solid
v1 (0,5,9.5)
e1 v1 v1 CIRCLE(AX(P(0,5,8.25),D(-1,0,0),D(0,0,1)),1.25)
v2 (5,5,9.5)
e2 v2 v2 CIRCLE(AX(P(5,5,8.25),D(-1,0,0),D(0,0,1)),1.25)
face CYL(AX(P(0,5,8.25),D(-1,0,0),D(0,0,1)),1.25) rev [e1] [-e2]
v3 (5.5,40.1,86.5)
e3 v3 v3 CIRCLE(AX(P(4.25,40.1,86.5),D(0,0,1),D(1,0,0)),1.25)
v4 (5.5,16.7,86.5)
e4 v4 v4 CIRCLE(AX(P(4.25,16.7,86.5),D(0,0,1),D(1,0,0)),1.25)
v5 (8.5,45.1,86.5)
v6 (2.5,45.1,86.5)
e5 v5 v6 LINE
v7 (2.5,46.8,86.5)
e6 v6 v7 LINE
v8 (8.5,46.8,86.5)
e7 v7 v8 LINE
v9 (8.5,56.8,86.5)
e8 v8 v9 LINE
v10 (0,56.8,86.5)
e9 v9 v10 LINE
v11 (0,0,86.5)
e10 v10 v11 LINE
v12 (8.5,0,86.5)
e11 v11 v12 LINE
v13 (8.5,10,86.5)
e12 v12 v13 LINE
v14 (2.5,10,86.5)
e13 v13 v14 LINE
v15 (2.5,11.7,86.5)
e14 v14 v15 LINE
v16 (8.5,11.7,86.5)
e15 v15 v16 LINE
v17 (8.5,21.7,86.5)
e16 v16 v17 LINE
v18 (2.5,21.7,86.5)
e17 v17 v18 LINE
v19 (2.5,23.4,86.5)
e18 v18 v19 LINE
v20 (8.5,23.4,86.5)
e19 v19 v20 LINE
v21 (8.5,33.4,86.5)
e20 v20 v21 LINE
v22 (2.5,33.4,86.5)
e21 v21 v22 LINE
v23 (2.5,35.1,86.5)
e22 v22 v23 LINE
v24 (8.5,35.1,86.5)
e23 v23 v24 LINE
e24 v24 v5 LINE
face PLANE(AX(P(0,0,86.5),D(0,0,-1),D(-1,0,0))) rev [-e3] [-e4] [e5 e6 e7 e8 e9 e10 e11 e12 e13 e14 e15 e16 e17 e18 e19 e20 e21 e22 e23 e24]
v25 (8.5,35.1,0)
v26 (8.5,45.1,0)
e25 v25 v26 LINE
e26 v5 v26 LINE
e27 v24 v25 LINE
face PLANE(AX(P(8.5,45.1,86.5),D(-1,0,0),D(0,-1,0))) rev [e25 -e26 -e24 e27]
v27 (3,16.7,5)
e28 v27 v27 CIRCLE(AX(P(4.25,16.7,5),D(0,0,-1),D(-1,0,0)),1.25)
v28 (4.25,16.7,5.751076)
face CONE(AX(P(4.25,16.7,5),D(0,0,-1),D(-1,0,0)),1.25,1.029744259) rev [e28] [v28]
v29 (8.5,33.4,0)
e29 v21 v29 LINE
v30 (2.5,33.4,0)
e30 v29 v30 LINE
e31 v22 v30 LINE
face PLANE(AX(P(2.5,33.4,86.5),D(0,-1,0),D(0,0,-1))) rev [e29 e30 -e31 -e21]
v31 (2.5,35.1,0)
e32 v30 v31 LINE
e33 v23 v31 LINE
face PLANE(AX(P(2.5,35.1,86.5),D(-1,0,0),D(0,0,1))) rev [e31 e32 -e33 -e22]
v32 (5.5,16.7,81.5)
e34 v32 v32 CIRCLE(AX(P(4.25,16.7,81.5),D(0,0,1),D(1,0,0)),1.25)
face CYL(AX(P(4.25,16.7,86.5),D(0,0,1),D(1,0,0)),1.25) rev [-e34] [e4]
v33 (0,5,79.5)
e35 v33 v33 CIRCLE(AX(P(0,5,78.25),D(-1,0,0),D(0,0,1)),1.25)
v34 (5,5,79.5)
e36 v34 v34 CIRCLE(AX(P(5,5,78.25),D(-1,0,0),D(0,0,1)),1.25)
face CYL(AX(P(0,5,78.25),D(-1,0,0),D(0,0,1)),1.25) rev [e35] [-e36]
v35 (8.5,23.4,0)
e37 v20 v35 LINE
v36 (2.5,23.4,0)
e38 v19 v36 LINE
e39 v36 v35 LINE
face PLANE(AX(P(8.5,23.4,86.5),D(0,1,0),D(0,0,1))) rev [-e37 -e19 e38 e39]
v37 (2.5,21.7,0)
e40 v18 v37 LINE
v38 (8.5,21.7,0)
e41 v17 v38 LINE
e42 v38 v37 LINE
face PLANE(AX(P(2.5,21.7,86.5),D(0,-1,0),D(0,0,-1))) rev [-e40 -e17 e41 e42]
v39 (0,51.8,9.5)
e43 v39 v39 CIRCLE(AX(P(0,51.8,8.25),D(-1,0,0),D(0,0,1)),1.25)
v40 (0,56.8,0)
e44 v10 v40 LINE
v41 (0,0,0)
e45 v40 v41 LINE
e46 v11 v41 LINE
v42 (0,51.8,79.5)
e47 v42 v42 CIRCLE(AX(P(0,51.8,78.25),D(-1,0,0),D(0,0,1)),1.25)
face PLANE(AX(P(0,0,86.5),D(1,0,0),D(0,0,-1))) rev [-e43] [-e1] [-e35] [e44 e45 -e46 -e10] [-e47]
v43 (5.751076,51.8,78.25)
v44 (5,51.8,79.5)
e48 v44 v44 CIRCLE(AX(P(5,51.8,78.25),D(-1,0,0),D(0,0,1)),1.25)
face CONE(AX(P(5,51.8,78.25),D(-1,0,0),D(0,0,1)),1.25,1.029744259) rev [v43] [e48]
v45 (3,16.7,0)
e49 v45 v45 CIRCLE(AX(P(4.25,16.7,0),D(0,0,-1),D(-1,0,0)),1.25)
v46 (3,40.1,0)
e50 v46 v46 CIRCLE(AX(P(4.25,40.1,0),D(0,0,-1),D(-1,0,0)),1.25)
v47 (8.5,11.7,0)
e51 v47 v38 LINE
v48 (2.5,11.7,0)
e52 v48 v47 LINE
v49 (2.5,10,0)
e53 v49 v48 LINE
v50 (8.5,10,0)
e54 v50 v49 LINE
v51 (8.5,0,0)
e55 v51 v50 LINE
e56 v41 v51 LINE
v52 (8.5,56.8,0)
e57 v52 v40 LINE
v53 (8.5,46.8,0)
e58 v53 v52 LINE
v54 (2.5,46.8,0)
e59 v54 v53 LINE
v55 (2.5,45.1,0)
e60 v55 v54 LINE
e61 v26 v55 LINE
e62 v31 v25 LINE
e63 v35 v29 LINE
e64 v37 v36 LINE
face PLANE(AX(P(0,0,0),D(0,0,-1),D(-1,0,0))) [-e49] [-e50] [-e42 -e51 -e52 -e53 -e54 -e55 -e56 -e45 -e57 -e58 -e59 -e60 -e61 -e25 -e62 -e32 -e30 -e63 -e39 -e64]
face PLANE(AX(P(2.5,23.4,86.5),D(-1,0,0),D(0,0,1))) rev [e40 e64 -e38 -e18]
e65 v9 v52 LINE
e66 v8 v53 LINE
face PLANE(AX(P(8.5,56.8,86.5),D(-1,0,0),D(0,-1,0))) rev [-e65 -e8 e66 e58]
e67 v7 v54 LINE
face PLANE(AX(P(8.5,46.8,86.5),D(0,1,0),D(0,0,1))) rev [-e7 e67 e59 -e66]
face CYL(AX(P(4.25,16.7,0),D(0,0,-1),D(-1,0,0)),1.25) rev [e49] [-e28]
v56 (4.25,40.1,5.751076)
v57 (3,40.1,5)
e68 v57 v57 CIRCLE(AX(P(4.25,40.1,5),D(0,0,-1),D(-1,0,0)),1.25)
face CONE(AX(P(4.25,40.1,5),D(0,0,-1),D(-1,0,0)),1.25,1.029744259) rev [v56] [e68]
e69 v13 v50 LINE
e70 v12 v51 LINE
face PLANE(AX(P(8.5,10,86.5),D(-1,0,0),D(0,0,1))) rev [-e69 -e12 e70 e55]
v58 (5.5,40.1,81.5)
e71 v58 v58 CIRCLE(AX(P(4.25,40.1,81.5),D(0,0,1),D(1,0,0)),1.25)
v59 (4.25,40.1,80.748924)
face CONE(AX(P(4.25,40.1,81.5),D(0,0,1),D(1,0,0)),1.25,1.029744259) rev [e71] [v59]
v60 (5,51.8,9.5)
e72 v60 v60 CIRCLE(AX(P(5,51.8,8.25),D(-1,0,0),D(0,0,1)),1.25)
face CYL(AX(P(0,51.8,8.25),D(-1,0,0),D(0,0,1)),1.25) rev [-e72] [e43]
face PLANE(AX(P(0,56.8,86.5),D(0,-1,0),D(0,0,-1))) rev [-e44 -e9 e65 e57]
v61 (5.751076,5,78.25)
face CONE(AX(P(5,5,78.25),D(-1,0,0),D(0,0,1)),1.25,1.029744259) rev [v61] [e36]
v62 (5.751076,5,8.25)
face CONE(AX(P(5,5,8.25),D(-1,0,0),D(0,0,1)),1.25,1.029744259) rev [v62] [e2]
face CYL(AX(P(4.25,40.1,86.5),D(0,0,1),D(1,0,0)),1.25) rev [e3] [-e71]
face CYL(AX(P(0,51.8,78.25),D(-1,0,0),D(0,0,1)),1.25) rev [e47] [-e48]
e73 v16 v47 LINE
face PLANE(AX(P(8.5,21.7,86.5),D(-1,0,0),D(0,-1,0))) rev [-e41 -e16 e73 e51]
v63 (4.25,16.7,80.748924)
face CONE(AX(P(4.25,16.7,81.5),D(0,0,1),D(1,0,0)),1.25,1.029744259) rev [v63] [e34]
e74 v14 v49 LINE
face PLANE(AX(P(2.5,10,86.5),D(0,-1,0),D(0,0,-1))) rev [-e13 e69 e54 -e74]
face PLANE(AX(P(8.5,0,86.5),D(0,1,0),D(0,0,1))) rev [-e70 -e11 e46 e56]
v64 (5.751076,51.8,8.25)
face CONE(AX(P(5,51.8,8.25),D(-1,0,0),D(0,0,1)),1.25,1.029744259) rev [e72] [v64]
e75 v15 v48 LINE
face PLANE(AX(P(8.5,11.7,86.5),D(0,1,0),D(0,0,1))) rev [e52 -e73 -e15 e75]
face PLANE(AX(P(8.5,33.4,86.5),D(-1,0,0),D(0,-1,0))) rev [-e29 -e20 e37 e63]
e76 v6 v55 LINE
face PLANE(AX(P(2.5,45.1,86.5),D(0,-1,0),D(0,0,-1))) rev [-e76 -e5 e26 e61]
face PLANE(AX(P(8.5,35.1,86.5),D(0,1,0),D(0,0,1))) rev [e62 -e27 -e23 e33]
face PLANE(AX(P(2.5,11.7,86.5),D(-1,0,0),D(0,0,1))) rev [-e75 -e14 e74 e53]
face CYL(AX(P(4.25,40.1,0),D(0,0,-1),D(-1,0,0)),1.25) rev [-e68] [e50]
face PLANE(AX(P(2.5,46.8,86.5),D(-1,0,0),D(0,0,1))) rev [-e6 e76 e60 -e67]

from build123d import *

# Parameters (mm, degrees)
BOSS_EXTRUDE1_DEPTH            = 86.5
M3X0_5_TAPPED_HOLE2_AT_2_COUNT = 2
M3X0_5_TAPPED_HOLE2_AT_2_PITCH = 23.4
M3X0_5_TAPPED_HOLE1_AT_2_COUNT = 2
M3X0_5_TAPPED_HOLE1_AT_2_PITCH = 46.8


with BuildPart() as part:
    # Sketch1 → Boss-Extrude1 (new body)
    with BuildSketch(Plane.XY):
        Polygon((0, 0), (0, 56.8), (8.5, 56.8), (8.5, 46.8), (2.5, 46.8), (2.5, 45.1), (8.5, 45.1), (8.5, 35.1), (2.5, 35.1), (2.5, 33.4), (8.5, 33.4), (8.5, 23.4), (2.5, 23.4), (2.5, 21.7), (8.5, 21.7), (8.5, 11.7), (2.5, 11.7), (2.5, 10), (8.5, 10), (8.5, 0), align=None)
    extrude(amount=BOSS_EXTRUDE1_DEPTH)

    # Sketch4 → M3x0.5 Tapped Hole2 (revolve, cut)
    with BuildSketch(Plane(origin=(4.25, 40.1, 86.5), x_dir=(0, -1, 0), z_dir=(1, 0, 0))):
        Polygon((0, 0), (0, 5.751075774), (1.25, 5), (1.25, 0), align=None)
    m3x0_5_tapped_hole2 = revolve(axis=Axis((4.25, 40.1, 92.85), (0, 0, -1)), mode=Mode.SUBTRACT)

    # M3x0.5 Tapped Hole2 at 2: M3x0.5 Tapped Hole2 ×2
    with Locations(*[(0, -i * M3X0_5_TAPPED_HOLE2_AT_2_PITCH, 0) for i in range(1, M3X0_5_TAPPED_HOLE2_AT_2_COUNT)]):
        add(m3x0_5_tapped_hole2, mode=Mode.SUBTRACT)

    # Mirror1: M3x0.5 Tapped Hole2 across plane
    add(m3x0_5_tapped_hole2.mirror(Plane.XY.offset(43.25)), mode=Mode.SUBTRACT)

    # Mirror1 copy 1 sketch → Mirror1 copy 1 (revolve, cut)
    with BuildSketch(Plane(origin=(4.25, 16.7, 0), x_dir=(0, -1, 0), z_dir=(1, 0, 0))):
        Polygon((0, 0), (0, -5.751075774), (1.25, -5), (1.25, 0), align=None)
    revolve(axis=Axis((4.25, 16.7, -6.35), (0, 0, -1)), mode=Mode.SUBTRACT)

    # Sketch11 → M3x0.5 Tapped Hole1 (revolve, cut)
    with BuildSketch(Plane(origin=(0, 5, 8.25), x_dir=(0, 0, 1), z_dir=(0, 1, 0))):
        Polygon((0, 0), (0, 5.751075774), (1.25, 5), (1.25, 0), align=None)
    m3x0_5_tapped_hole1 = revolve(axis=Axis((-6.35, 5, 8.25), (1, 0, 0)), mode=Mode.SUBTRACT)

    # M3x0.5 Tapped Hole1 at 2: M3x0.5 Tapped Hole1 ×2
    with Locations(*[(0, i * M3X0_5_TAPPED_HOLE1_AT_2_PITCH, 0) for i in range(1, M3X0_5_TAPPED_HOLE1_AT_2_COUNT)]):
        add(m3x0_5_tapped_hole1, mode=Mode.SUBTRACT)

    # Mirror2: M3x0.5 Tapped Hole1 across plane
    add(m3x0_5_tapped_hole1.mirror(Plane(origin=(0, 0, 43.25), x_dir=(1, 0, 0), z_dir=(0, 0, -1))), mode=Mode.SUBTRACT)

    # Mirror2 copy 1 sketch → Mirror2 copy 1 (revolve, cut)
    with BuildSketch(Plane(origin=(0, 51.8, 78.25), x_dir=(0, 0, -1), z_dir=(0, 1, 0))):
        Polygon((0, 0), (0, -5.751075774), (1.25, -5), (1.25, 0), align=None)
    revolve(axis=Axis((-6.35, 51.8, 78.25), (-1, 0, 0)), mode=Mode.SUBTRACT)


solid = part.part
